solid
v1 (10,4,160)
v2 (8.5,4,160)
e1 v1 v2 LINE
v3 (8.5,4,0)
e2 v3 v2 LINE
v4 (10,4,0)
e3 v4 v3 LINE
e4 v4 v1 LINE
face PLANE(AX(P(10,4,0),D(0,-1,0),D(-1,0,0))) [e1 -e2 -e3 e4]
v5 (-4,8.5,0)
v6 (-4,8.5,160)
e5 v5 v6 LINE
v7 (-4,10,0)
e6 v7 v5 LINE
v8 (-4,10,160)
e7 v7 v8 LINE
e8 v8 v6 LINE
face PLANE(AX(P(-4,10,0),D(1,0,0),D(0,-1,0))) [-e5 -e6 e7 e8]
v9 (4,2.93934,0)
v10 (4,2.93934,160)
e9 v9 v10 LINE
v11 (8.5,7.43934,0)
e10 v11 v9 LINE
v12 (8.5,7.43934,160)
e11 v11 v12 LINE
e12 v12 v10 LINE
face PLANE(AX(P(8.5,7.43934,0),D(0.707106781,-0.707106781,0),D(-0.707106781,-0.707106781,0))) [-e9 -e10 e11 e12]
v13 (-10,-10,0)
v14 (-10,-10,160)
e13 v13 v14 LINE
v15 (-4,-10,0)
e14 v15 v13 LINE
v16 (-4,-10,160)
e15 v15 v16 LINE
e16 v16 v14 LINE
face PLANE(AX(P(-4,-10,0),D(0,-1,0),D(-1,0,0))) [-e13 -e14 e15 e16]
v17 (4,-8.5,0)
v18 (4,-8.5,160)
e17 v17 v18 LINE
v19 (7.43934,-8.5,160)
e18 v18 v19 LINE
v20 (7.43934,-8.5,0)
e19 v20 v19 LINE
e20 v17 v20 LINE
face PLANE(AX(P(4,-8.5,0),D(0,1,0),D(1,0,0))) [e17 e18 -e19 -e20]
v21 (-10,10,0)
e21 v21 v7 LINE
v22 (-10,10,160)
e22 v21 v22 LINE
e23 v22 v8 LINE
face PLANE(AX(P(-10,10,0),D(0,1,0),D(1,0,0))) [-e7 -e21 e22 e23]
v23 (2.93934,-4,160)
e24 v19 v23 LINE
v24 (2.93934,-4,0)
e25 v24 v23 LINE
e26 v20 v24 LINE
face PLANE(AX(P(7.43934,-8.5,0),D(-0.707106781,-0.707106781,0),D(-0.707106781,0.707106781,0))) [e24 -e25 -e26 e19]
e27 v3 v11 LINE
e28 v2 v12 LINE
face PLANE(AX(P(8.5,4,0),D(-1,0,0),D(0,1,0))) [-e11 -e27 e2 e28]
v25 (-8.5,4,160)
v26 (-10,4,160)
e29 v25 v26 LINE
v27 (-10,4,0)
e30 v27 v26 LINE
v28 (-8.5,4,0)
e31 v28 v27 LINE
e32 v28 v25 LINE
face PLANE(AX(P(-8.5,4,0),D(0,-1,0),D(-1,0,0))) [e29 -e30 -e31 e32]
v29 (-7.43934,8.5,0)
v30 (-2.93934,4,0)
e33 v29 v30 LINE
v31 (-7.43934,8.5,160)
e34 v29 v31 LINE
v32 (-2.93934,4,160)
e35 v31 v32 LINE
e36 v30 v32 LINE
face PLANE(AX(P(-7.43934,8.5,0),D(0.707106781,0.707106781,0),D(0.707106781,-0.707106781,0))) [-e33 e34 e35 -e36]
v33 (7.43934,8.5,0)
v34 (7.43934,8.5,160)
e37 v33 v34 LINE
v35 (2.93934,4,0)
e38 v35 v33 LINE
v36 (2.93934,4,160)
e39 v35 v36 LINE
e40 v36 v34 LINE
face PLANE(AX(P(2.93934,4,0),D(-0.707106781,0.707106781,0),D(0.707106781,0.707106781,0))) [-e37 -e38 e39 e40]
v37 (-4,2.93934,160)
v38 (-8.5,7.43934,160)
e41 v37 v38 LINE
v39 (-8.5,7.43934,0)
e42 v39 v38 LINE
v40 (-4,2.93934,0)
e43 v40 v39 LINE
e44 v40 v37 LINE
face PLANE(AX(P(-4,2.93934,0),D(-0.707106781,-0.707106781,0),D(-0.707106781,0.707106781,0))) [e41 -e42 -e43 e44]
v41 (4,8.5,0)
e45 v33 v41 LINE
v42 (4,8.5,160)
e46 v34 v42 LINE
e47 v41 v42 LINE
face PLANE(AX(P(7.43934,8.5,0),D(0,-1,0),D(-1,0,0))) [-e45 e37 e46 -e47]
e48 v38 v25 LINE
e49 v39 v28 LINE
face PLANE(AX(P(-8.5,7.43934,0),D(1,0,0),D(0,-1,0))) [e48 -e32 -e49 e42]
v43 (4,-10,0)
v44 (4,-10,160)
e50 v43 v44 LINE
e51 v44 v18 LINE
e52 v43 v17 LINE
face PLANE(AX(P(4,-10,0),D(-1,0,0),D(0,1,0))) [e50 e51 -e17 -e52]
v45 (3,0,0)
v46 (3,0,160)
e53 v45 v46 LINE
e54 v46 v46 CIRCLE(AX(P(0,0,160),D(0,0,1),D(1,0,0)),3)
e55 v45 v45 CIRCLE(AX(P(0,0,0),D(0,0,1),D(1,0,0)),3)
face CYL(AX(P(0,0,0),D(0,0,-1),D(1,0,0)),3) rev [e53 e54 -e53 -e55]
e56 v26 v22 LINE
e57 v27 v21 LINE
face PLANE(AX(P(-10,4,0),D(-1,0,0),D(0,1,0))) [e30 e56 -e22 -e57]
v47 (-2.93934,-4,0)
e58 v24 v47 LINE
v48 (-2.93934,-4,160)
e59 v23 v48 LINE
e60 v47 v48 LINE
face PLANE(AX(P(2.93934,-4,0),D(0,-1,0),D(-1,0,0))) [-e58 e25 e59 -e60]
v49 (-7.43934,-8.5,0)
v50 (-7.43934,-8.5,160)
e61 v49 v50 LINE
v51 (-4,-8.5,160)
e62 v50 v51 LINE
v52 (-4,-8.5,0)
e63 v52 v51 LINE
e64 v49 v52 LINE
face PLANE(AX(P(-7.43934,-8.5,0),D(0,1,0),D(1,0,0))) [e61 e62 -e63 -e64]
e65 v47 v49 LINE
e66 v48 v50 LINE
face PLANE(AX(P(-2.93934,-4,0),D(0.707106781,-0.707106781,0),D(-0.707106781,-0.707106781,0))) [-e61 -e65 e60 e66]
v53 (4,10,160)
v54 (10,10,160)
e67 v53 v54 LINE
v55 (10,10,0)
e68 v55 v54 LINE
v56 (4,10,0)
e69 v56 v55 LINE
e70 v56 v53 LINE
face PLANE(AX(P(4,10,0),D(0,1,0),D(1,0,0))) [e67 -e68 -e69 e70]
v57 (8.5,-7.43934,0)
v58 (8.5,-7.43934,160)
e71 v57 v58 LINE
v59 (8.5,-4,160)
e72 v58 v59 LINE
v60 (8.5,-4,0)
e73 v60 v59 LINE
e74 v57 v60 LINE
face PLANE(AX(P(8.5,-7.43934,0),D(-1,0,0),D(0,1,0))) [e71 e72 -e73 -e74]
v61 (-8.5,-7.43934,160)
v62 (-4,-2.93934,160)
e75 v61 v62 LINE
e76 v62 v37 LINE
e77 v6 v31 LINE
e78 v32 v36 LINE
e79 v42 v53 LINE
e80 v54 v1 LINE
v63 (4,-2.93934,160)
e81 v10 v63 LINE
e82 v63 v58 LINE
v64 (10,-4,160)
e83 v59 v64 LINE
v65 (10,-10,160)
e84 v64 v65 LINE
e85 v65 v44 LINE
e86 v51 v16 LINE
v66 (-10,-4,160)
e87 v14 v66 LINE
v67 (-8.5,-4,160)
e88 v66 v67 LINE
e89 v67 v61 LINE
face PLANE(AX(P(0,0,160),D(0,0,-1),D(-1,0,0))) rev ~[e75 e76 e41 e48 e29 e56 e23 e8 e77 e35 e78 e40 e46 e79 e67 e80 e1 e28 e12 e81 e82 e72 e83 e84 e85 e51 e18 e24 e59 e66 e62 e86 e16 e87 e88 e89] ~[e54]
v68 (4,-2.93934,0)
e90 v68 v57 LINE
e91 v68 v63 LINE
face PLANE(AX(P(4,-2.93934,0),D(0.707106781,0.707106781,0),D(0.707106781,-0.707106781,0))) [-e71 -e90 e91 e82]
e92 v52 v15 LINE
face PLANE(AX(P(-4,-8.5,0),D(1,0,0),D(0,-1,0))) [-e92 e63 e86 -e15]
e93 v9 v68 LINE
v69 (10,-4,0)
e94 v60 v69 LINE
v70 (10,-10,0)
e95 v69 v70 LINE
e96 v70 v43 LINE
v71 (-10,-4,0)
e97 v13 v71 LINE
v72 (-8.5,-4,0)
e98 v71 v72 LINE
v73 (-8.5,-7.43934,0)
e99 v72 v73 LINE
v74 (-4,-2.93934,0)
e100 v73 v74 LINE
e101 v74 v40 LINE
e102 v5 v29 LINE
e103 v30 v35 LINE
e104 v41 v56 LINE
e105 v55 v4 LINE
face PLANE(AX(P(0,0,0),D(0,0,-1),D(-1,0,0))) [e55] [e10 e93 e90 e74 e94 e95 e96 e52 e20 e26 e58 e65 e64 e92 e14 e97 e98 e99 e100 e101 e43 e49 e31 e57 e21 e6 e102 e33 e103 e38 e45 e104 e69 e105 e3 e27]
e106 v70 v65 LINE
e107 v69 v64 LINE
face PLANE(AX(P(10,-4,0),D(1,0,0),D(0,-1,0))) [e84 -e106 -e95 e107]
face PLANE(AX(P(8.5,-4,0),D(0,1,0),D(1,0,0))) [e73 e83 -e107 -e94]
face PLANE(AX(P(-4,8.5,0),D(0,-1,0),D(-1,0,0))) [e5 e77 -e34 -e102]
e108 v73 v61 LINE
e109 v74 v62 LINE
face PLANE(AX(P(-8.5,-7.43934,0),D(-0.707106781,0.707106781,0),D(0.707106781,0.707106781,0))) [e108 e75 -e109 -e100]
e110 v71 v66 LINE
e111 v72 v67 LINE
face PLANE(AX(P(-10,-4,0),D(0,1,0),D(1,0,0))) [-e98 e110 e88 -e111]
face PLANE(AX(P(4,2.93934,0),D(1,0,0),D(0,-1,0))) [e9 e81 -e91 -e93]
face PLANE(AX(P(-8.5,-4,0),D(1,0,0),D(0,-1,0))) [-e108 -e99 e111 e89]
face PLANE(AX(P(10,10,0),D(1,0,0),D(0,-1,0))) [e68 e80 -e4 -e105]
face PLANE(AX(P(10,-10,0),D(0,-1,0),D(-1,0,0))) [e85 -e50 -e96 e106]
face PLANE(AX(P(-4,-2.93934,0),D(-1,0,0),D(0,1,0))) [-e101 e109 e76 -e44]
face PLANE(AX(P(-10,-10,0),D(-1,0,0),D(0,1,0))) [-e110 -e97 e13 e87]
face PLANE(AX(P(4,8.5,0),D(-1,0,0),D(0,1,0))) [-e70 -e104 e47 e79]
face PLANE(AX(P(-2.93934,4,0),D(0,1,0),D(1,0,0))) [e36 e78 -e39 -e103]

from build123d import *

# Parameters (mm, degrees)
ESBO_O1_R                = 3
RESSALTO_EXTRUS_O1_DEPTH = 160


with BuildPart() as part:
    # Esboço1 → Ressalto-extrusão1 (new body)
    with BuildSketch(Plane.XY):
        Polygon((-2.939339828, 4), (2.939339828, 4), (7.439339828, 8.5), (4, 8.5), (4, 10), (10, 10), (10, 4), (8.5, 4), (8.5, 7.439339828), (4, 2.939339828), (4, -2.939339828), (8.5, -7.439339828), (8.5, -4), (10, -4), (10, -10), (4, -10), (4, -8.5), (7.439339828, -8.5), (2.939339828, -4), (-2.939339828, -4), (-7.439339828, -8.5), (-4, -8.5), (-4, -10), (-10, -10), (-10, -4), (-8.5, -4), (-8.5, -7.439339828), (-4, -2.939339828), (-4, 2.939339828), (-8.5, 7.439339828), (-8.5, 4), (-10, 4), (-10, 10), (-4, 10), (-4, 8.5), (-7.439339828, 8.5), align=None)
        Circle(ESBO_O1_R, mode=Mode.SUBTRACT)
    extrude(amount=RESSALTO_EXTRUS_O1_DEPTH)


solid = part.part
